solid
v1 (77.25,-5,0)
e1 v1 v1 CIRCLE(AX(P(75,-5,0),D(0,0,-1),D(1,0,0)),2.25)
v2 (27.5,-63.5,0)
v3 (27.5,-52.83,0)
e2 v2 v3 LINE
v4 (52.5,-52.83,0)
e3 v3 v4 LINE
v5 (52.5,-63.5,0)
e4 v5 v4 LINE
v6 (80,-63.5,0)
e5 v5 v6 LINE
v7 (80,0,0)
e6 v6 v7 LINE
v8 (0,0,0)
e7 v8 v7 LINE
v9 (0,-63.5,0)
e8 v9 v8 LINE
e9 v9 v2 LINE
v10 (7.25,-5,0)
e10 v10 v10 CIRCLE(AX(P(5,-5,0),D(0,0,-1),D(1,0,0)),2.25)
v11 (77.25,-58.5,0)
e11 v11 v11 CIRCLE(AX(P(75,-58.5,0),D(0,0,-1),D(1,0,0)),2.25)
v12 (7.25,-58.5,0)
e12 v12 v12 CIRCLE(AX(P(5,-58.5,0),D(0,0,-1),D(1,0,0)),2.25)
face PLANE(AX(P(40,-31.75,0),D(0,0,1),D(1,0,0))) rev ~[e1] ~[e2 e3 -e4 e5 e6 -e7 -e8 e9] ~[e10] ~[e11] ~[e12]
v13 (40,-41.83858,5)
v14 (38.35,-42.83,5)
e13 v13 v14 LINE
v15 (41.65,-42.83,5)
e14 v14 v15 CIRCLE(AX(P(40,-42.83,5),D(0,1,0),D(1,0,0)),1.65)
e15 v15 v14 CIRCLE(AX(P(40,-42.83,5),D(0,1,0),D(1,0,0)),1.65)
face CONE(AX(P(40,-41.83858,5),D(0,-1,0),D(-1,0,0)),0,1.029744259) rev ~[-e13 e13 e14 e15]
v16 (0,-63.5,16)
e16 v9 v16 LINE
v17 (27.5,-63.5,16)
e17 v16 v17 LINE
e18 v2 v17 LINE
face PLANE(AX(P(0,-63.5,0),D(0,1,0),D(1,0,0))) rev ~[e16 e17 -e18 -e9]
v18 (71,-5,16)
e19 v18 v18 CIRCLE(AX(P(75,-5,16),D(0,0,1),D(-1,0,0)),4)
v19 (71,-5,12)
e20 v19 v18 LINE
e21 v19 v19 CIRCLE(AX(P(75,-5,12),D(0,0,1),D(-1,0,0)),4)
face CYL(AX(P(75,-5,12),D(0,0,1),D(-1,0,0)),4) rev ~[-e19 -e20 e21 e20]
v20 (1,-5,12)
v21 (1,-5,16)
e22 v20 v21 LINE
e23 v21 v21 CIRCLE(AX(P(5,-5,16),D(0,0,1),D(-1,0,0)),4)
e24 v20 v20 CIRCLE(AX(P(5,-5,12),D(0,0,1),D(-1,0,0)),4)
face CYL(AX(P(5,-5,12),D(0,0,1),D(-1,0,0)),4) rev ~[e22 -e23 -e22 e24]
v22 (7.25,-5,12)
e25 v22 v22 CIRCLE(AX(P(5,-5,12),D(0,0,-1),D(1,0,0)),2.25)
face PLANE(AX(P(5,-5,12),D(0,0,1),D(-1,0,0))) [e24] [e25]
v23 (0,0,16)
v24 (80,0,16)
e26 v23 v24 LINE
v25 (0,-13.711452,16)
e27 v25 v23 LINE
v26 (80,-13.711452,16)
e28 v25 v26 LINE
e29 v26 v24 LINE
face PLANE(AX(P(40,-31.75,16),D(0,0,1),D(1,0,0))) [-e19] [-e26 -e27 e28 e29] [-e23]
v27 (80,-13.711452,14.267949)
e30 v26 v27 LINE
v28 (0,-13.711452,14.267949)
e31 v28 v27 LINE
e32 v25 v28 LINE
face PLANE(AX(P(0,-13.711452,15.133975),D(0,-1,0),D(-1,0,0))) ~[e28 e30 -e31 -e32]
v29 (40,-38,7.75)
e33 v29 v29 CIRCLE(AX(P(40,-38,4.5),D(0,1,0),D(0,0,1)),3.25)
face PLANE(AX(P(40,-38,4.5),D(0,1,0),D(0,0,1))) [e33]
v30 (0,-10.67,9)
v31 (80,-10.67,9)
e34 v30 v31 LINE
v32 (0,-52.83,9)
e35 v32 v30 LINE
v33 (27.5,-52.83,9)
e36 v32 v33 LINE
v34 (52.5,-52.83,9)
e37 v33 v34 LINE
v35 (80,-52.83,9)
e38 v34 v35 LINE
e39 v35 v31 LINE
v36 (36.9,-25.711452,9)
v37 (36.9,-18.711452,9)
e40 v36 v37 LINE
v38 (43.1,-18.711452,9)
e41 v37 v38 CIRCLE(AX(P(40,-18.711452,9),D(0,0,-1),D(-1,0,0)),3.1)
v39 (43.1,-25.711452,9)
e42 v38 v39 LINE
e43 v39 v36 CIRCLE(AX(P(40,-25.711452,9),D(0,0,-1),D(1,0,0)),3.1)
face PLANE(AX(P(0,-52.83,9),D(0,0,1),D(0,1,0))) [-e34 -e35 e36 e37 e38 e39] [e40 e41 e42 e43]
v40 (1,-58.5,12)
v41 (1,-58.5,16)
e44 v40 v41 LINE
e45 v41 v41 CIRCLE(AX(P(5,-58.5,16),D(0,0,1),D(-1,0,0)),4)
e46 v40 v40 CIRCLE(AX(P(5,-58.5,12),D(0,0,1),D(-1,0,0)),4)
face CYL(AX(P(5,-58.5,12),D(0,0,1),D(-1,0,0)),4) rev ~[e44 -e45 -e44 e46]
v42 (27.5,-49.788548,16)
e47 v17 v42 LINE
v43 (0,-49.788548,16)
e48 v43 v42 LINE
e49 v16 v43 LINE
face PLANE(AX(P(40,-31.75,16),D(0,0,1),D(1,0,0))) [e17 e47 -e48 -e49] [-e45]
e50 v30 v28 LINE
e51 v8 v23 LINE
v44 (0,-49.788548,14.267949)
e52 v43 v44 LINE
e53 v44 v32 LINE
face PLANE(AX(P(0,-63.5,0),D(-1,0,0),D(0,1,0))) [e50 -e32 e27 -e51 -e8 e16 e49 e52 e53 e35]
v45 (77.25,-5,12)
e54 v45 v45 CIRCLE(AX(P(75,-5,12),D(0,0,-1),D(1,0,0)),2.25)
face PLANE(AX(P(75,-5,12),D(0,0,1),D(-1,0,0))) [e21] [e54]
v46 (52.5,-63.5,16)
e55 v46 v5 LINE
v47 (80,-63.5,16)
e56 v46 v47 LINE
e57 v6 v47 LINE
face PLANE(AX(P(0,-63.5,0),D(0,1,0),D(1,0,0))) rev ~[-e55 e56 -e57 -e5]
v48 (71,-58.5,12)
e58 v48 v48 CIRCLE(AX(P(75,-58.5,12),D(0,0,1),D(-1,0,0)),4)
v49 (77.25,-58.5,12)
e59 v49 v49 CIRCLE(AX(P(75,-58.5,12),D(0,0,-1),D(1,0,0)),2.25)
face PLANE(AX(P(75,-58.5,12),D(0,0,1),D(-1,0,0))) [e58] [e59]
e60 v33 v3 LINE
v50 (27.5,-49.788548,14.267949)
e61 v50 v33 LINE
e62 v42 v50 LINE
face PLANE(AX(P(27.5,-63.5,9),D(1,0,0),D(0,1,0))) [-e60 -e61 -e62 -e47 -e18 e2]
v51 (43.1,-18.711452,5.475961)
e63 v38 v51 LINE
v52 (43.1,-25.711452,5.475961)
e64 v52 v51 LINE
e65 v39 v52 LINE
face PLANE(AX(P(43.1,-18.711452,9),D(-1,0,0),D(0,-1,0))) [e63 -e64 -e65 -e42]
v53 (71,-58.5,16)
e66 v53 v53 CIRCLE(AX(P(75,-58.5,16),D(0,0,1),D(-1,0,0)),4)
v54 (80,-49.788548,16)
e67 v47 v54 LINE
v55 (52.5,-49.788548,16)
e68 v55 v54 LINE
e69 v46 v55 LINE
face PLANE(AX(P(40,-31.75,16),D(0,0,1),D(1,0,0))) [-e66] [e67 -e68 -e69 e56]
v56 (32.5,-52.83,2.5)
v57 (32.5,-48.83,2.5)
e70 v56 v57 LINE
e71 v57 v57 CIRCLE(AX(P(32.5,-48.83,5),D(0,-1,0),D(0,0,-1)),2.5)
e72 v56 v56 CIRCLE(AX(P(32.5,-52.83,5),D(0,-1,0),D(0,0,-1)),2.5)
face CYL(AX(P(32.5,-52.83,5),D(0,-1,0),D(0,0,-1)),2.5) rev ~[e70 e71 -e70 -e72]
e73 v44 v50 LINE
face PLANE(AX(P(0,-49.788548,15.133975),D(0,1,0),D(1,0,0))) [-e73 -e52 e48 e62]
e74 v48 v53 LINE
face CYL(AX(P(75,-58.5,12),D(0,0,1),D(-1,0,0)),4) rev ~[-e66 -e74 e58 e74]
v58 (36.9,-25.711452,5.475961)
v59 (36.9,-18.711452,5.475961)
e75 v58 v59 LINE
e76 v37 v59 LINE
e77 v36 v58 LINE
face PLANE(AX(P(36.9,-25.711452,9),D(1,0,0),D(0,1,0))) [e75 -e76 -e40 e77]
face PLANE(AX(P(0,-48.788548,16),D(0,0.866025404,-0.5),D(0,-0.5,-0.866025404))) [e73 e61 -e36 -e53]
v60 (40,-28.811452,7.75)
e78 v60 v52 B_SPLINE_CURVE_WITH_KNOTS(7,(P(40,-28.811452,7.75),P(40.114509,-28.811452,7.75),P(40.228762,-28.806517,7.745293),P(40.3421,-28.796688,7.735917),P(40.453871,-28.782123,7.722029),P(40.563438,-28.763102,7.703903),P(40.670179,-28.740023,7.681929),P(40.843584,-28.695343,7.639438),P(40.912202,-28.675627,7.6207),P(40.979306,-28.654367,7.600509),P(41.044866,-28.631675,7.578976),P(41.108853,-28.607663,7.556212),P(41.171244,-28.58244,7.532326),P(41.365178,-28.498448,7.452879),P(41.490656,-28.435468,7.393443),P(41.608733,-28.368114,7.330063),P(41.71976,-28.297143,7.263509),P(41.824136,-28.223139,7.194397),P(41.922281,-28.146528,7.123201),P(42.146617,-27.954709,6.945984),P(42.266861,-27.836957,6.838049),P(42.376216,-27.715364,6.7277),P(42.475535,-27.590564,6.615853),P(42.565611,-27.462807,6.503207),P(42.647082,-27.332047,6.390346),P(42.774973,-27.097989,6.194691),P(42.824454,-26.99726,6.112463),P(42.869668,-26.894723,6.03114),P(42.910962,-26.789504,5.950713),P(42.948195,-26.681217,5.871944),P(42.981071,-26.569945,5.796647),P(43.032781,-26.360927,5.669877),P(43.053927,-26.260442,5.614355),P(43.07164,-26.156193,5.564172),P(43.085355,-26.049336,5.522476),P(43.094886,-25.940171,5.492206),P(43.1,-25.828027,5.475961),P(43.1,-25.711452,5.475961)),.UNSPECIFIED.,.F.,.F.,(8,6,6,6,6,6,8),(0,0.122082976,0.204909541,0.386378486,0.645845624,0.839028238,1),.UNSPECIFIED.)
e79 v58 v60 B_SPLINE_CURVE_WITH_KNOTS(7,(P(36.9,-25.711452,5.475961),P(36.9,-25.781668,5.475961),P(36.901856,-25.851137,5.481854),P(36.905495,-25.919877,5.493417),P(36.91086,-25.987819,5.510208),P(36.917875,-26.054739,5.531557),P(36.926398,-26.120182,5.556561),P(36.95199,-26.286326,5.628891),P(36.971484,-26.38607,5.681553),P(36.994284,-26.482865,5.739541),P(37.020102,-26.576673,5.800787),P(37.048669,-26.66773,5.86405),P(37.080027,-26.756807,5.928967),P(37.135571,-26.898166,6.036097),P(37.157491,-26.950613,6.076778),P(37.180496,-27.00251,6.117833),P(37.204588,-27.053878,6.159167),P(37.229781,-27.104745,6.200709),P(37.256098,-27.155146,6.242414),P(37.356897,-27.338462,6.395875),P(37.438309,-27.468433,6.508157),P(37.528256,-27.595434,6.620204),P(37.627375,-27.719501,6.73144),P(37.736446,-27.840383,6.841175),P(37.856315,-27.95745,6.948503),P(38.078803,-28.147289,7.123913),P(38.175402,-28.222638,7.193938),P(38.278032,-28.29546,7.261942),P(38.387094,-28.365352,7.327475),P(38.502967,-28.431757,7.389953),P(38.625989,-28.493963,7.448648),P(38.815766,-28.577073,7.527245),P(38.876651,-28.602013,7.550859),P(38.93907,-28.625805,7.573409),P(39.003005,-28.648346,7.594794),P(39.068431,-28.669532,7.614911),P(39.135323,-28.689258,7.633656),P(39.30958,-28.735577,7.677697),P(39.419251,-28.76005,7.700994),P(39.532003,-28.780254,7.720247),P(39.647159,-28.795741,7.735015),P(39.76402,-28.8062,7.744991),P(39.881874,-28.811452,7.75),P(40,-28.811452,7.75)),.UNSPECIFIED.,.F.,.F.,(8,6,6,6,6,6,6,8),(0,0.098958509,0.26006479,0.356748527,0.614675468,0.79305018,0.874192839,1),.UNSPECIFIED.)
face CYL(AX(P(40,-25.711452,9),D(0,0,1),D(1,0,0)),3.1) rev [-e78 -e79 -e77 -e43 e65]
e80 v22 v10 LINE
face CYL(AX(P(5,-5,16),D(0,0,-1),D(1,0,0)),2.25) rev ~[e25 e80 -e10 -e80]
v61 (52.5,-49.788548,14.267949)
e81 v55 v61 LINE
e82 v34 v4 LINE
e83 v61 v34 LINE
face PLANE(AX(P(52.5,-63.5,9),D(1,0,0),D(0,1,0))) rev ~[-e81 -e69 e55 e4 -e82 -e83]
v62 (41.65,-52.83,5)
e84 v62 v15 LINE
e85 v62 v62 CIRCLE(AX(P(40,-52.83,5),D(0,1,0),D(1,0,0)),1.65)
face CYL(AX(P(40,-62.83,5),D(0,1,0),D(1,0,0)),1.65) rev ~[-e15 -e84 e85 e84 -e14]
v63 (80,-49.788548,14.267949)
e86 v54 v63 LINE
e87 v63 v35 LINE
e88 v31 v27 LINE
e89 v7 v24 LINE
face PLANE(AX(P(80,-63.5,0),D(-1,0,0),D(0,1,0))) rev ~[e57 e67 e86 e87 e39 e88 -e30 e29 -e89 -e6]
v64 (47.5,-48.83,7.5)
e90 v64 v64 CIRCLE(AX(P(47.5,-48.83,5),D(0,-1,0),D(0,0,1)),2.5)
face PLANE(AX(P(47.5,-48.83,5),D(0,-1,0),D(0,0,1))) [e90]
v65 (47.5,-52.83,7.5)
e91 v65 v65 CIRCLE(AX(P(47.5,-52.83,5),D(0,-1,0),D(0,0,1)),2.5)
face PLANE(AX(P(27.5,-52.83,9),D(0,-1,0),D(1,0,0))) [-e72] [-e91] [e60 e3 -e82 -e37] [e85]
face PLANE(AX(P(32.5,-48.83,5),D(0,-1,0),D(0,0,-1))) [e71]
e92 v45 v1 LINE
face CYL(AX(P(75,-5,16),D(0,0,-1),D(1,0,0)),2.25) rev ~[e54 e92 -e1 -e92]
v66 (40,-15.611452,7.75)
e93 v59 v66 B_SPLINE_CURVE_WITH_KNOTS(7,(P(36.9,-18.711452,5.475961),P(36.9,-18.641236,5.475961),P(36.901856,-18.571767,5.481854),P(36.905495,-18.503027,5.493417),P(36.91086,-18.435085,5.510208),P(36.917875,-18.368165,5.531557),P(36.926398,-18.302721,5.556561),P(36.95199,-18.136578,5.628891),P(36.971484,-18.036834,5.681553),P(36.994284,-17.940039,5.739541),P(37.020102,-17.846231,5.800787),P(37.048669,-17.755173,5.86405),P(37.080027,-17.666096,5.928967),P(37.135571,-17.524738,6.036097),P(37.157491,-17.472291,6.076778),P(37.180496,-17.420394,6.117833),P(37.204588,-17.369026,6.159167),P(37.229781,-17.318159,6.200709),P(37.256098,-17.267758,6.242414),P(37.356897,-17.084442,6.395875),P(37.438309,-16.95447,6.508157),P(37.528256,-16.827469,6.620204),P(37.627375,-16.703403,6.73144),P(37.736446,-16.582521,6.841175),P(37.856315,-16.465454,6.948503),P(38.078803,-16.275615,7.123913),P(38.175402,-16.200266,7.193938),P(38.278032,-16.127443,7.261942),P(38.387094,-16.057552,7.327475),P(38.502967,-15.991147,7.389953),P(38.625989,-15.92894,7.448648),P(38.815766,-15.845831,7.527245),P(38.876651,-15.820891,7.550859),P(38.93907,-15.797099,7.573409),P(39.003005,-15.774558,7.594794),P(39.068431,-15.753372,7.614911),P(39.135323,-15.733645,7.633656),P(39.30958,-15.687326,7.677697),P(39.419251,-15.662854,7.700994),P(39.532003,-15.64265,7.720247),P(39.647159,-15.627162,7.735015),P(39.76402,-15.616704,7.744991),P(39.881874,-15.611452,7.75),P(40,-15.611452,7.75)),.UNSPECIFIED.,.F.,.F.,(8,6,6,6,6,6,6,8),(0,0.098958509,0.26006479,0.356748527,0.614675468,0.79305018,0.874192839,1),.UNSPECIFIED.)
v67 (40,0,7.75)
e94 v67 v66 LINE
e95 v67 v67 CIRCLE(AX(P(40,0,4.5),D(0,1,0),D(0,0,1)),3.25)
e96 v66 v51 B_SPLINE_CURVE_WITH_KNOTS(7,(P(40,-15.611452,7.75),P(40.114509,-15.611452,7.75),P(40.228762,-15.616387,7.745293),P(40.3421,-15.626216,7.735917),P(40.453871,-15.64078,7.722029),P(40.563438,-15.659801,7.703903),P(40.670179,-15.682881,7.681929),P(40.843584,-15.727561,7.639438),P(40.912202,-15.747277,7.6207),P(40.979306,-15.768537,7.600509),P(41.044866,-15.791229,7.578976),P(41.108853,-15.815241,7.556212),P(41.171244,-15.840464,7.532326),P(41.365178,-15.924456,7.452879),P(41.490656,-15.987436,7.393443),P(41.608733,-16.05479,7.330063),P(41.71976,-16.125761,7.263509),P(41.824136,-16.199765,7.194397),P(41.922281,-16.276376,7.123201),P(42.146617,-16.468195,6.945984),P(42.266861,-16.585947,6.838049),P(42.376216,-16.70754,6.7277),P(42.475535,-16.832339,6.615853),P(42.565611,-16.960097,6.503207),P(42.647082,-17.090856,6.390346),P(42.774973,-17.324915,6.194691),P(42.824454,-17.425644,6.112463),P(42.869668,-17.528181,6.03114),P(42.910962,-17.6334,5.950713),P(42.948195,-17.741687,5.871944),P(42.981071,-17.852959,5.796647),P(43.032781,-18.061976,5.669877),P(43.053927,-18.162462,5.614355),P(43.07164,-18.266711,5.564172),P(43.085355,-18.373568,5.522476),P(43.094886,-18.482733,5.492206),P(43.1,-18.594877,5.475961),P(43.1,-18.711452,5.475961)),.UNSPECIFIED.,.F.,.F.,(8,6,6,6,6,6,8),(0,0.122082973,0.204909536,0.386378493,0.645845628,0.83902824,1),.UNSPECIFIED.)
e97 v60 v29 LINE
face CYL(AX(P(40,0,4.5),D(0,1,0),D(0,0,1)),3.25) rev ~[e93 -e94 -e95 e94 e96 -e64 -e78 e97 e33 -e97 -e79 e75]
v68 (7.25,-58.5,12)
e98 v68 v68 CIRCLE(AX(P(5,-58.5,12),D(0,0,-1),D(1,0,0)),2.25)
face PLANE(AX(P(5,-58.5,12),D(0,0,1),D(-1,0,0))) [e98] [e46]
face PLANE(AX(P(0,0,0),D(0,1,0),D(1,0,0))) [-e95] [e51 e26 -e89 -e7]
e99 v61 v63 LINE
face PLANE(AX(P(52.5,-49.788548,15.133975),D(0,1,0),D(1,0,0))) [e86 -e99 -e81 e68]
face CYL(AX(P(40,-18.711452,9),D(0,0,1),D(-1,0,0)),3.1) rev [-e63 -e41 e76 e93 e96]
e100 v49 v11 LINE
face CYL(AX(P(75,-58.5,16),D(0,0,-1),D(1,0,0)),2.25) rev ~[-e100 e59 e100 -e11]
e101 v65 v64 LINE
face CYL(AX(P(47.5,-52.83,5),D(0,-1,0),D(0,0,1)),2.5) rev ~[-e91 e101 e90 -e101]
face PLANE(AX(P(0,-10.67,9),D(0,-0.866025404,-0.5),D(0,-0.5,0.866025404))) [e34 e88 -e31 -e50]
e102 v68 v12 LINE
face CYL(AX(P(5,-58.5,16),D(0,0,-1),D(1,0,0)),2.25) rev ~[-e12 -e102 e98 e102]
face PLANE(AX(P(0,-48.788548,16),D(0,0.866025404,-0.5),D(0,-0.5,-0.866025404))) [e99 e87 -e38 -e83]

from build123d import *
from OCP.BRepFilletAPI import BRepFilletAPI_MakeChamfer

# Parameters (mm, degrees)
SKETCH_1_W                  = 80
SKETCH_1_H                  = 63.5
EXTRUDE_1_DEPTH             = 16
CUT_EXTRUDE_1_DEPTH         = 104.383992958
SKETCH_15_W                 = 25
SKETCH_15_H                 = 14.711451884
CUT_EXTRUDE_4_DEPTH         = 7
SKETCH_16_W                 = 25
SKETCH_16_H                 = 10.67
CUT_EXTRUDE_5_DEPTH         = 9
SKETCH_17_R                 = 2.5
CUT_EXTRUDE_6_DEPTH         = 4
M4X0_72_D                   = 3.3
M4X0_72_DEPTH               = 10
M4X0_72_TIP                 = 0.991420021
CUT_EXTRUDE_7_DEPTH         = 4
SKETCH_26_R                 = 3.25
CUT_EXTRUDE_8_DEPTH         = 38
HOLE_WIZARD_M41_D           = 4.5
HOLE_WIZARD_M41_CBORE_D     = 8
HOLE_WIZARD_M41_CBORE_DEPTH = 4
CHAMFER_2_SIZE              = 1
CHAMFER_2_SIZE2             = 2


with BuildPart() as part:
    # Эскиз1 → Бобышка-Вытянуть1 (new body)
    with BuildSketch(Plane.XY):
        with Locations((40, -31.75)):
            Rectangle(SKETCH_1_W, SKETCH_1_H)
    extrude(amount=EXTRUDE_1_DEPTH)

    # Эскиз2 → Вырез-Вытянуть1 (cut, through all)
    with BuildSketch(Plane.ZY):
        Polygon((9, -10.67), (16, -14.711451884), (16, -48.788548116), (9, -52.83), align=None)
    extrude(amount=-CUT_EXTRUDE_1_DEPTH, mode=Mode.SUBTRACT)

    # Эскиз15 → Вырез-Вытянуть4 (cut)
    with BuildSketch(Plane.XY.offset(16)):
        with Locations((40, -56.144274058)):
            Rectangle(SKETCH_15_W, SKETCH_15_H)
    extrude(amount=-CUT_EXTRUDE_4_DEPTH, mode=Mode.SUBTRACT)

    # Эскиз16 → Вырез-Вытянуть5 (cut)
    with BuildSketch(Plane.XY.offset(9)):
        with Locations((40, -58.165)):
            Rectangle(SKETCH_16_W, SKETCH_16_H)
    extrude(amount=-CUT_EXTRUDE_5_DEPTH, mode=Mode.SUBTRACT)

    # Эскиз17 → Вырез-Вытянуть6 (cut)
    with BuildSketch(Plane.XZ.offset(52.83)):
        with Locations(Location((32.5, 5, 0), (0, 0, 270))):
            Circle(SKETCH_17_R)
        with Locations(Location((47.5, 5, 0), (0, 0, 90))):
            Circle(SKETCH_17_R)
    extrude(amount=-CUT_EXTRUDE_6_DEPTH, mode=Mode.SUBTRACT)

    # Отверстие обработанное метчиком M4x0.72
    with Locations(Plane(origin=(0, -52.83, 0), x_dir=(-1, 0, 0), z_dir=(0, -1, 0))):
        with Locations((-40, -5)):
            Hole(M4X0_72_D / 2, depth=M4X0_72_DEPTH)
            with Locations((0, 0, -(M4X0_72_DEPTH + M4X0_72_TIP / 2))):  # 118° drill point
                Cone(0, M4X0_72_D / 2, M4X0_72_TIP, mode=Mode.SUBTRACT)

    # Эскиз25 → Вырез-Вытянуть7 (cut)
    with BuildSketch(Plane.XY.offset(9)):
        with BuildLine():
            Line((43.1, -18.711451884), (43.1, -25.711451884))
            ThreePointArc((43.1, -25.711451884), (40, -28.811451884), (36.9, -25.711451884))
            Line((36.9, -25.711451884), (36.9, -18.711451884))
            ThreePointArc((36.9, -18.711451884), (40, -15.611451884), (43.1, -18.711451884))
        make_face()
    extrude(amount=-CUT_EXTRUDE_7_DEPTH, mode=Mode.SUBTRACT)

    # Эскиз26 → Вырез-Вытянуть8 (cut)
    with BuildSketch(Plane(origin=(0, 0, 0), x_dir=(1, 0, 0), z_dir=(0, 1, 0))):
        with Locations(Location((40, -4.5, 0), (0, 0, 270))):
            Circle(SKETCH_26_R)
    extrude(amount=-CUT_EXTRUDE_8_DEPTH, mode=Mode.SUBTRACT)

    # Цековка для винта с внутренним шестигранником M41 (through all)
    with Locations(Plane(origin=(30.759227947, 26.793365177, 16), x_dir=(-1, 0, 0), z_dir=(0, 0, 1))):
        with Locations((-44.240772053, 31.793365177), (-44.240772053, 85.293365177), (25.759227947, 85.293365177), (25.759227947, 31.793365177)):
            CounterBoreHole(HOLE_WIZARD_M41_D / 2, HOLE_WIZARD_M41_CBORE_D / 2, HOLE_WIZARD_M41_CBORE_DEPTH)

    # Фаска2: one chamfer whose edges measure the first distance from different faces: ONE call of the kernel's chamfer builder (chamfer() names one face for all edges)
    chamfer_2_edges_1 = [part.edges().sort_by_distance(p)[0] for p in [
        (40, -14.711451884, 16),
    ]]
    chamfer_2_side_1 = [part.faces().sort_by_distance(p)[0] for p in [
        (40, -7.575743279, 16),
    ]]
    chamfer_2_edges_2 = [part.edges().sort_by_distance(p)[0] for p in [
        (66.25, -48.788548116, 16),
    ]]
    chamfer_2_side_2 = [part.faces().sort_by_distance(p)[0] for p in [
        (65.008612302, -55.810060435, 16),
    ]]
    chamfer_2_edges_3 = [part.edges().sort_by_distance(p)[0] for p in [
        (13.75, -48.788548116, 16),
    ]]
    chamfer_2_side_3 = [part.faces().sort_by_distance(p)[0] for p in [
        (14.991387698, -55.810060435, 16),
    ]]
    chamfer_2 = BRepFilletAPI_MakeChamfer(part.part.solid().wrapped)
    for e in chamfer_2_edges_1:
        chamfer_2.Add(CHAMFER_2_SIZE, CHAMFER_2_SIZE2, e.wrapped, chamfer_2_side_1[0].wrapped)  # the first distance lies on this face
    for e in chamfer_2_edges_2:
        chamfer_2.Add(CHAMFER_2_SIZE, CHAMFER_2_SIZE2, e.wrapped, chamfer_2_side_2[0].wrapped)  # the first distance lies on this face
    for e in chamfer_2_edges_3:
        chamfer_2.Add(CHAMFER_2_SIZE, CHAMFER_2_SIZE2, e.wrapped, chamfer_2_side_3[0].wrapped)  # the first distance lies on this face
    add(Compound.cast(chamfer_2.Shape()), mode=Mode.REPLACE)


solid = part.part
